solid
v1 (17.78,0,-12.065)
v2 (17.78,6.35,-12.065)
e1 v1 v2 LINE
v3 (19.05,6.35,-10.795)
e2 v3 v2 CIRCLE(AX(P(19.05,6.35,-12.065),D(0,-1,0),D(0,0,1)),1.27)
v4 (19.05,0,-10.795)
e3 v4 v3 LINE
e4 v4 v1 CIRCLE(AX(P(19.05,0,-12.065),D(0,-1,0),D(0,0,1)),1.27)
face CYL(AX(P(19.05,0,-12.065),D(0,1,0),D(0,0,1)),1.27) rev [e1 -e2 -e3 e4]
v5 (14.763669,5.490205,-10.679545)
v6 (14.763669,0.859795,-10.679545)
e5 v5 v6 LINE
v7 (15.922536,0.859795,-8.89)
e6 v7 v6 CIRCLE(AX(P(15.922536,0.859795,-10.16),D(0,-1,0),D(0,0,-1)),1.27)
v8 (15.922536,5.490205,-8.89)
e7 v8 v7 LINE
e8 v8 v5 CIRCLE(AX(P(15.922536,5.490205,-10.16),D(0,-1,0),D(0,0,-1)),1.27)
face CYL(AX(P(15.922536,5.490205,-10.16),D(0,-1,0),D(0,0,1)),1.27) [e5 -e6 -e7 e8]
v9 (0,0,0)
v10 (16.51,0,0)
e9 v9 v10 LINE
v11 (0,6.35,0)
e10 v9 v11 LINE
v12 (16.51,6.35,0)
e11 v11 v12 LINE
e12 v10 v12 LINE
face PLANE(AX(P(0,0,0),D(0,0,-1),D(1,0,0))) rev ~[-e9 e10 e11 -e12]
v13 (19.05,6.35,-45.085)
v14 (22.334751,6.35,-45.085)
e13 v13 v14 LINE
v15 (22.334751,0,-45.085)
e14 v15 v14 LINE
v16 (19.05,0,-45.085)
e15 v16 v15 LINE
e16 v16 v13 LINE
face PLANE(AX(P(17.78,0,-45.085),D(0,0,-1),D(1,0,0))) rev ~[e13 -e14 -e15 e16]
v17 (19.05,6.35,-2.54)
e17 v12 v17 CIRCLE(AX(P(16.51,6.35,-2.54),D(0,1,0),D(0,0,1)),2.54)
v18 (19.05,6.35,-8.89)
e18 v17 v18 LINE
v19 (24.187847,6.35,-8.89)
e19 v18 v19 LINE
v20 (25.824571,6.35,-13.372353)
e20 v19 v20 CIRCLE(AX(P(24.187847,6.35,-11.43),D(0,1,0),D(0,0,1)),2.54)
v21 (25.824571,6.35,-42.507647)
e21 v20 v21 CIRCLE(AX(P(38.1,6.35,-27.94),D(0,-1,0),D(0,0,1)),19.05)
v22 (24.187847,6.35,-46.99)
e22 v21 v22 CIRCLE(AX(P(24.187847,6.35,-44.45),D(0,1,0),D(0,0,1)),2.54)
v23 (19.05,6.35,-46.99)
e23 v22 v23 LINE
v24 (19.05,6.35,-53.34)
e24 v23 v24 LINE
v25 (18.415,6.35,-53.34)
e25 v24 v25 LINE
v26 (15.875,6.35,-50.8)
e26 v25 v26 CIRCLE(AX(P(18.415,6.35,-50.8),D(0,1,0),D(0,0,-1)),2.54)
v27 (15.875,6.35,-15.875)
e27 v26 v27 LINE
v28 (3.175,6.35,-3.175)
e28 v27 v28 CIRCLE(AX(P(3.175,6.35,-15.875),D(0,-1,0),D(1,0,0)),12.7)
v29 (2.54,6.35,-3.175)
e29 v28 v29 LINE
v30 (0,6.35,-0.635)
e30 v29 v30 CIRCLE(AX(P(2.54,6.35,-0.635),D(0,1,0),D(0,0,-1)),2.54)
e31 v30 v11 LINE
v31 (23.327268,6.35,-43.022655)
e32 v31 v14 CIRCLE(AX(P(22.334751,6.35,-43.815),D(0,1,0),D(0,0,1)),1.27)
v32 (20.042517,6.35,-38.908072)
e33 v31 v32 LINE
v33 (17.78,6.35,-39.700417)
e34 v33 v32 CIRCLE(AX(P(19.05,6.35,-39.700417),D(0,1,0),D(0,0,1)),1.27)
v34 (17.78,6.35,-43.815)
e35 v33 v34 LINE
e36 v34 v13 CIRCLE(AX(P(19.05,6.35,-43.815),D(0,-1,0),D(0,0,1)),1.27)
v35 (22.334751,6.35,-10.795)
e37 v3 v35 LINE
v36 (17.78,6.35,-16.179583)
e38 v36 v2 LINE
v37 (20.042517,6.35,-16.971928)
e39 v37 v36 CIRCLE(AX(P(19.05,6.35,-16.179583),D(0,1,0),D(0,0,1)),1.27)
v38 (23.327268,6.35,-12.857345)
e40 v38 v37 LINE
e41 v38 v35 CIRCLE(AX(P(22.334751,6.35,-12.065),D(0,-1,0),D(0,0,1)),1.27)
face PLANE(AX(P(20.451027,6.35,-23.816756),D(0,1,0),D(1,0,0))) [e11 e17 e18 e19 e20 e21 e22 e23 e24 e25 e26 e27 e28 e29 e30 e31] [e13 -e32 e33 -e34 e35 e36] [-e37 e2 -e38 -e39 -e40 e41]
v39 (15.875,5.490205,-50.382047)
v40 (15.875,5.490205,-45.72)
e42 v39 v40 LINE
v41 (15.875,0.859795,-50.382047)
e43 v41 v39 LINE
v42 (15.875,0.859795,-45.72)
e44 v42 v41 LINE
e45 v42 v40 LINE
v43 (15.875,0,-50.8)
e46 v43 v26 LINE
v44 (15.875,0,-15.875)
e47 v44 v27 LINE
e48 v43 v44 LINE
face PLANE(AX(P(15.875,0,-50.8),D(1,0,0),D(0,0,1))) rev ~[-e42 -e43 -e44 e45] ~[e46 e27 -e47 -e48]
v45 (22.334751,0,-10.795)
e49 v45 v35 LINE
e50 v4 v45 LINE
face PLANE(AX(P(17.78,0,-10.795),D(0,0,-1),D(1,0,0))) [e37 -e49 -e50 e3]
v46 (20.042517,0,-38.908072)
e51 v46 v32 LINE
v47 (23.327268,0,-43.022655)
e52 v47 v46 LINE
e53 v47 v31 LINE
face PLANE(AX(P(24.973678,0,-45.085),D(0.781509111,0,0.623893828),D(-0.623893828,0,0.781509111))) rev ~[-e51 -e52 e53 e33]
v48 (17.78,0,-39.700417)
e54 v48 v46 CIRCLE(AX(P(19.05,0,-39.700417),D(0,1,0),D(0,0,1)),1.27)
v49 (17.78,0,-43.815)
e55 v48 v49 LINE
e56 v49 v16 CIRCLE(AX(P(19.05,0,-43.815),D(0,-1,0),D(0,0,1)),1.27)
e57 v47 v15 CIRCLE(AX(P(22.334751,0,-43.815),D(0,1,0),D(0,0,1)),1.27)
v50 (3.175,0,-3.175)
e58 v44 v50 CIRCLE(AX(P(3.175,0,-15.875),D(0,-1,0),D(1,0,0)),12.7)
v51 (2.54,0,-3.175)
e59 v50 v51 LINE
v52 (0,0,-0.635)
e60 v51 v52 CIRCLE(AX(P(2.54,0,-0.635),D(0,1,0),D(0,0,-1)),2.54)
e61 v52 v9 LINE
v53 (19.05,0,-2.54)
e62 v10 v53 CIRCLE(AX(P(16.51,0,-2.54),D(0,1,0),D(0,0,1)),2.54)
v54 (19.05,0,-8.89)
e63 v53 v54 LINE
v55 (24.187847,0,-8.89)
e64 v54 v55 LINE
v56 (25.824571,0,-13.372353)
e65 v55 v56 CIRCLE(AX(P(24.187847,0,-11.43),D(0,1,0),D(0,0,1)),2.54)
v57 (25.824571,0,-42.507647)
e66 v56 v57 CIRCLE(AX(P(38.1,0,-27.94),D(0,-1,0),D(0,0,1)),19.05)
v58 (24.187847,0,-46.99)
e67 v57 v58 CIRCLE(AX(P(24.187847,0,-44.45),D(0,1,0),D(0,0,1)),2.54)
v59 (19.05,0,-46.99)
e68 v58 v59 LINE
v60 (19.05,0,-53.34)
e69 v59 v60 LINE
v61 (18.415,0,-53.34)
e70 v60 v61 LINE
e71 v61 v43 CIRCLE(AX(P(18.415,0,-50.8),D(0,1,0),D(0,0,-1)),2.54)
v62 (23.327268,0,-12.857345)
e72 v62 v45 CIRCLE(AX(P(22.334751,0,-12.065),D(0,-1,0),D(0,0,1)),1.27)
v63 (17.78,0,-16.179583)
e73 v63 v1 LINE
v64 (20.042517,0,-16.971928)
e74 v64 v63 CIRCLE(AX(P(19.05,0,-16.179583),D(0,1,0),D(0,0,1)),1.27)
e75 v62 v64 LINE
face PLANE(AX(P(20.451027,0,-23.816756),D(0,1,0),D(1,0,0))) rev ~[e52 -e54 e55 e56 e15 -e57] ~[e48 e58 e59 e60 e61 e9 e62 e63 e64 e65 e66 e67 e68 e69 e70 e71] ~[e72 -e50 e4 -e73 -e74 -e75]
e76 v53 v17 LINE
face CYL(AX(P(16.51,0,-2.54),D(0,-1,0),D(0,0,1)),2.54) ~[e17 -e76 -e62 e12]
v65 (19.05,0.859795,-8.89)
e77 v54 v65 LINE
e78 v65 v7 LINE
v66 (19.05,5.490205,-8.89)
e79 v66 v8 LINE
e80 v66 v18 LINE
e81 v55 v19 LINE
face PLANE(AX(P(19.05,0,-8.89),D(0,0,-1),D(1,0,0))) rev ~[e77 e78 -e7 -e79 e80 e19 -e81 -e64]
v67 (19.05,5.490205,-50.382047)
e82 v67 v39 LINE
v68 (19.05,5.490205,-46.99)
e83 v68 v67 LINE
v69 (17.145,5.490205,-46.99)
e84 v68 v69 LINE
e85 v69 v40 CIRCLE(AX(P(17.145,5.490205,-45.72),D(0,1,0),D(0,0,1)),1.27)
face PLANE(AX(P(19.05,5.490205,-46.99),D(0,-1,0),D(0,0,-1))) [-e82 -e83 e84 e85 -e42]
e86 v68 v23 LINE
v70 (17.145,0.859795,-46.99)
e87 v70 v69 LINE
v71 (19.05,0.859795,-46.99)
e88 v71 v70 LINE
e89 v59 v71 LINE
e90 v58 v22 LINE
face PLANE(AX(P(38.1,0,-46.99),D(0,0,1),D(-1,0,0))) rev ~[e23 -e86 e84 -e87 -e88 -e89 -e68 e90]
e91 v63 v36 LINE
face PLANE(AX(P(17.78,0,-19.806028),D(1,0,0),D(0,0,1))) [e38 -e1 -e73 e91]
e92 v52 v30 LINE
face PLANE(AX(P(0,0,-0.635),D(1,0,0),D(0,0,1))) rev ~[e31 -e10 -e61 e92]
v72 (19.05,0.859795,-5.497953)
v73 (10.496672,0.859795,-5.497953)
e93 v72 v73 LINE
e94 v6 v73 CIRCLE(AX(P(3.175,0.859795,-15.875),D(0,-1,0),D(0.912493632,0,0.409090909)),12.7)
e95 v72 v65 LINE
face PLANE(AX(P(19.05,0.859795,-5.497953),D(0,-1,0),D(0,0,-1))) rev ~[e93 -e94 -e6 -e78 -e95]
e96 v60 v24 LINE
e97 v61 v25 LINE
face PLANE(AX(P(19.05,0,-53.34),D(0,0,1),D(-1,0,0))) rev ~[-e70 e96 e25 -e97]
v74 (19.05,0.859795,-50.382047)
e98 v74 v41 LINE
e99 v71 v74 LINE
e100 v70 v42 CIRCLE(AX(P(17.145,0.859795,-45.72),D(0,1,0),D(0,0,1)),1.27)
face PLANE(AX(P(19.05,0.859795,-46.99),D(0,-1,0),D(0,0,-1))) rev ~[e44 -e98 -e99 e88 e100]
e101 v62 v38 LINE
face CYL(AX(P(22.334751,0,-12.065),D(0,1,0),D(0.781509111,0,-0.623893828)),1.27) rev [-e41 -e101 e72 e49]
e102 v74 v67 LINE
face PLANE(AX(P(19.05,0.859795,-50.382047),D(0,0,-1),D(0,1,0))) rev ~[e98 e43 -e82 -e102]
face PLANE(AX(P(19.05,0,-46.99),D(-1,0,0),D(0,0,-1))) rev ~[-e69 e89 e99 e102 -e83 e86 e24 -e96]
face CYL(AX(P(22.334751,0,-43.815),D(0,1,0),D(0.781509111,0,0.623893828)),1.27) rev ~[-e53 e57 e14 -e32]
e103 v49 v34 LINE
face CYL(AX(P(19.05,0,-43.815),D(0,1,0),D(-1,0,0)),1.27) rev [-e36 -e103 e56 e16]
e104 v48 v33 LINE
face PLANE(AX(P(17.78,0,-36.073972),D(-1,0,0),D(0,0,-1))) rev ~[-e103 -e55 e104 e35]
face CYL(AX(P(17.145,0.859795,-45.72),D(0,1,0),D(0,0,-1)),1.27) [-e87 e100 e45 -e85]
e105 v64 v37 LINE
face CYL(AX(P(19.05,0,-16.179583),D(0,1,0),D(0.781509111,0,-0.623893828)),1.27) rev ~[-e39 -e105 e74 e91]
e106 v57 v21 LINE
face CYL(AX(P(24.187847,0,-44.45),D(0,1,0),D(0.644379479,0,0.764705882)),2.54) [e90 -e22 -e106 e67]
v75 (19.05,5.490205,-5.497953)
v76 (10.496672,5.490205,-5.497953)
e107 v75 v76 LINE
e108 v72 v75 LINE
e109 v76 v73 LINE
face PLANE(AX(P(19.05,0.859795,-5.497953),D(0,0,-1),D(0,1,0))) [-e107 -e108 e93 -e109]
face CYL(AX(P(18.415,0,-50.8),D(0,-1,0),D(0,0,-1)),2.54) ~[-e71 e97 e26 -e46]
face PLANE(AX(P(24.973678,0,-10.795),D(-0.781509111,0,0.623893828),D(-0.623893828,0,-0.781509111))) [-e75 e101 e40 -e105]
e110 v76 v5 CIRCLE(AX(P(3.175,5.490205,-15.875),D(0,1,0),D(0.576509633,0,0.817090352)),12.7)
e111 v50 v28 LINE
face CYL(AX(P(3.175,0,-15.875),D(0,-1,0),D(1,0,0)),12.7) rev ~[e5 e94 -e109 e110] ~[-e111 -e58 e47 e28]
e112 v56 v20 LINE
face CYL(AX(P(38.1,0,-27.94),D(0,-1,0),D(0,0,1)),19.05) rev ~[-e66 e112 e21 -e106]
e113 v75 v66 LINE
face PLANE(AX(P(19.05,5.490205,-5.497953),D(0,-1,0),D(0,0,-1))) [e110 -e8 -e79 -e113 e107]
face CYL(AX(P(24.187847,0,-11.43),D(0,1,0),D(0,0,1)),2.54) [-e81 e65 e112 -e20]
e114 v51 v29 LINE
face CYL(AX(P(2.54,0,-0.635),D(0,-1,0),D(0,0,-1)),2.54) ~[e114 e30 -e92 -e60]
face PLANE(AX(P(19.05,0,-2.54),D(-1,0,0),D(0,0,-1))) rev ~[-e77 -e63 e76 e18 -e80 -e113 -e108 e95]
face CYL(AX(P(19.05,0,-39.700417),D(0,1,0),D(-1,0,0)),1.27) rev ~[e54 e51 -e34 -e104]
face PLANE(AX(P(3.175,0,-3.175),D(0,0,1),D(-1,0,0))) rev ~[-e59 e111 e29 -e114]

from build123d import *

# Parameters (mm, degrees)
BOSS_EXTRUDE1_DEPTH = 6.35
FILLET1_R           = 2.54
SKETCH2_W           = 3.39204747
SKETCH2_H           = 4.630409642
CUT_EXTRUDE1_DEPTH  = 57.994566408
FILLET2_R           = 1.27


with BuildPart() as part:
    # Sketch1 → Boss-Extrude1 (new body)
    with BuildSketch(Plane(origin=(0, 0, 0), x_dir=(1, 0, 0), z_dir=(0, 1, 0))):
        with BuildLine():
            Line((0, 0), (16.51, 0))
            ThreePointArc((16.51, 0), (18.306051224, 0.743948776), (19.05, 2.54))
            Line((19.05, 2.54), (19.05, 8.89))
            Line((19.05, 8.89), (38.1, 8.89))
            ThreePointArc((38.1, 8.89), (19.05, 27.94), (38.1, 46.99))
            Line((38.1, 46.99), (19.05, 46.99))
            Line((19.05, 46.99), (19.05, 53.34))
            Line((19.05, 53.34), (18.415, 53.34))
            ThreePointArc((18.415, 53.34), (16.618948776, 52.596051224), (15.875, 50.8))
            Line((15.875, 50.8), (15.875, 15.875))
            ThreePointArc((15.875, 15.875), (12.155256121, 6.894743879), (3.175, 3.175))
            Line((3.175, 3.175), (2.54, 3.175))
            ThreePointArc((2.54, 3.175), (0.743948776, 2.431051224), (0, 0.635))
            Line((0, 0.635), (0, 0))
        make_face()
        Polygon((24.973677906, 10.795), (17.78, 19.806028114), (17.78, 10.795), align=None, mode=Mode.SUBTRACT)
        Polygon((17.78, 45.085), (24.973677906, 45.085), (17.78, 36.073971886), align=None, mode=Mode.SUBTRACT)
    extrude(amount=BOSS_EXTRUDE1_DEPTH)

    # Fillet1
    fillet1_edges = [part.edges().sort_by_distance(p)[0] for p in [
        (38.1, 3.175, -46.99),
        (38.1, 3.175, -8.89),
    ]]
    fillet(fillet1_edges, radius=FILLET1_R)

    # Sketch2 → Cut-Extrude1 (cut, through all)
    with BuildSketch(Plane(origin=(19.05, 0, 0), x_dir=(0, 0, -1), z_dir=(1, 0, 0))):
        with Locations((7.193976265, 3.175)):
            Rectangle(SKETCH2_W, SKETCH2_H)
        with Locations((48.686023735, 3.175)):
            Rectangle(SKETCH2_W, SKETCH2_H)
    extrude(amount=-CUT_EXTRUDE1_DEPTH, mode=Mode.SUBTRACT)

    # Fillet2
    fillet2_edges = [part.edges().sort_by_distance(p)[0] for p in [
        (17.78, 3.175, -10.795),
        (24.973677906, 3.175, -10.795),
        (17.78, 3.175, -19.806028114),
        (17.78, 3.175, -36.073971886),
        (24.973677906, 3.175, -45.085),
        (17.78, 3.175, -45.085),
        (13.781591111, 3.175, -8.89),
        (15.875, 3.175, -46.99),
    ]]
    fillet(fillet2_edges, radius=FILLET2_R)


solid = part.part
